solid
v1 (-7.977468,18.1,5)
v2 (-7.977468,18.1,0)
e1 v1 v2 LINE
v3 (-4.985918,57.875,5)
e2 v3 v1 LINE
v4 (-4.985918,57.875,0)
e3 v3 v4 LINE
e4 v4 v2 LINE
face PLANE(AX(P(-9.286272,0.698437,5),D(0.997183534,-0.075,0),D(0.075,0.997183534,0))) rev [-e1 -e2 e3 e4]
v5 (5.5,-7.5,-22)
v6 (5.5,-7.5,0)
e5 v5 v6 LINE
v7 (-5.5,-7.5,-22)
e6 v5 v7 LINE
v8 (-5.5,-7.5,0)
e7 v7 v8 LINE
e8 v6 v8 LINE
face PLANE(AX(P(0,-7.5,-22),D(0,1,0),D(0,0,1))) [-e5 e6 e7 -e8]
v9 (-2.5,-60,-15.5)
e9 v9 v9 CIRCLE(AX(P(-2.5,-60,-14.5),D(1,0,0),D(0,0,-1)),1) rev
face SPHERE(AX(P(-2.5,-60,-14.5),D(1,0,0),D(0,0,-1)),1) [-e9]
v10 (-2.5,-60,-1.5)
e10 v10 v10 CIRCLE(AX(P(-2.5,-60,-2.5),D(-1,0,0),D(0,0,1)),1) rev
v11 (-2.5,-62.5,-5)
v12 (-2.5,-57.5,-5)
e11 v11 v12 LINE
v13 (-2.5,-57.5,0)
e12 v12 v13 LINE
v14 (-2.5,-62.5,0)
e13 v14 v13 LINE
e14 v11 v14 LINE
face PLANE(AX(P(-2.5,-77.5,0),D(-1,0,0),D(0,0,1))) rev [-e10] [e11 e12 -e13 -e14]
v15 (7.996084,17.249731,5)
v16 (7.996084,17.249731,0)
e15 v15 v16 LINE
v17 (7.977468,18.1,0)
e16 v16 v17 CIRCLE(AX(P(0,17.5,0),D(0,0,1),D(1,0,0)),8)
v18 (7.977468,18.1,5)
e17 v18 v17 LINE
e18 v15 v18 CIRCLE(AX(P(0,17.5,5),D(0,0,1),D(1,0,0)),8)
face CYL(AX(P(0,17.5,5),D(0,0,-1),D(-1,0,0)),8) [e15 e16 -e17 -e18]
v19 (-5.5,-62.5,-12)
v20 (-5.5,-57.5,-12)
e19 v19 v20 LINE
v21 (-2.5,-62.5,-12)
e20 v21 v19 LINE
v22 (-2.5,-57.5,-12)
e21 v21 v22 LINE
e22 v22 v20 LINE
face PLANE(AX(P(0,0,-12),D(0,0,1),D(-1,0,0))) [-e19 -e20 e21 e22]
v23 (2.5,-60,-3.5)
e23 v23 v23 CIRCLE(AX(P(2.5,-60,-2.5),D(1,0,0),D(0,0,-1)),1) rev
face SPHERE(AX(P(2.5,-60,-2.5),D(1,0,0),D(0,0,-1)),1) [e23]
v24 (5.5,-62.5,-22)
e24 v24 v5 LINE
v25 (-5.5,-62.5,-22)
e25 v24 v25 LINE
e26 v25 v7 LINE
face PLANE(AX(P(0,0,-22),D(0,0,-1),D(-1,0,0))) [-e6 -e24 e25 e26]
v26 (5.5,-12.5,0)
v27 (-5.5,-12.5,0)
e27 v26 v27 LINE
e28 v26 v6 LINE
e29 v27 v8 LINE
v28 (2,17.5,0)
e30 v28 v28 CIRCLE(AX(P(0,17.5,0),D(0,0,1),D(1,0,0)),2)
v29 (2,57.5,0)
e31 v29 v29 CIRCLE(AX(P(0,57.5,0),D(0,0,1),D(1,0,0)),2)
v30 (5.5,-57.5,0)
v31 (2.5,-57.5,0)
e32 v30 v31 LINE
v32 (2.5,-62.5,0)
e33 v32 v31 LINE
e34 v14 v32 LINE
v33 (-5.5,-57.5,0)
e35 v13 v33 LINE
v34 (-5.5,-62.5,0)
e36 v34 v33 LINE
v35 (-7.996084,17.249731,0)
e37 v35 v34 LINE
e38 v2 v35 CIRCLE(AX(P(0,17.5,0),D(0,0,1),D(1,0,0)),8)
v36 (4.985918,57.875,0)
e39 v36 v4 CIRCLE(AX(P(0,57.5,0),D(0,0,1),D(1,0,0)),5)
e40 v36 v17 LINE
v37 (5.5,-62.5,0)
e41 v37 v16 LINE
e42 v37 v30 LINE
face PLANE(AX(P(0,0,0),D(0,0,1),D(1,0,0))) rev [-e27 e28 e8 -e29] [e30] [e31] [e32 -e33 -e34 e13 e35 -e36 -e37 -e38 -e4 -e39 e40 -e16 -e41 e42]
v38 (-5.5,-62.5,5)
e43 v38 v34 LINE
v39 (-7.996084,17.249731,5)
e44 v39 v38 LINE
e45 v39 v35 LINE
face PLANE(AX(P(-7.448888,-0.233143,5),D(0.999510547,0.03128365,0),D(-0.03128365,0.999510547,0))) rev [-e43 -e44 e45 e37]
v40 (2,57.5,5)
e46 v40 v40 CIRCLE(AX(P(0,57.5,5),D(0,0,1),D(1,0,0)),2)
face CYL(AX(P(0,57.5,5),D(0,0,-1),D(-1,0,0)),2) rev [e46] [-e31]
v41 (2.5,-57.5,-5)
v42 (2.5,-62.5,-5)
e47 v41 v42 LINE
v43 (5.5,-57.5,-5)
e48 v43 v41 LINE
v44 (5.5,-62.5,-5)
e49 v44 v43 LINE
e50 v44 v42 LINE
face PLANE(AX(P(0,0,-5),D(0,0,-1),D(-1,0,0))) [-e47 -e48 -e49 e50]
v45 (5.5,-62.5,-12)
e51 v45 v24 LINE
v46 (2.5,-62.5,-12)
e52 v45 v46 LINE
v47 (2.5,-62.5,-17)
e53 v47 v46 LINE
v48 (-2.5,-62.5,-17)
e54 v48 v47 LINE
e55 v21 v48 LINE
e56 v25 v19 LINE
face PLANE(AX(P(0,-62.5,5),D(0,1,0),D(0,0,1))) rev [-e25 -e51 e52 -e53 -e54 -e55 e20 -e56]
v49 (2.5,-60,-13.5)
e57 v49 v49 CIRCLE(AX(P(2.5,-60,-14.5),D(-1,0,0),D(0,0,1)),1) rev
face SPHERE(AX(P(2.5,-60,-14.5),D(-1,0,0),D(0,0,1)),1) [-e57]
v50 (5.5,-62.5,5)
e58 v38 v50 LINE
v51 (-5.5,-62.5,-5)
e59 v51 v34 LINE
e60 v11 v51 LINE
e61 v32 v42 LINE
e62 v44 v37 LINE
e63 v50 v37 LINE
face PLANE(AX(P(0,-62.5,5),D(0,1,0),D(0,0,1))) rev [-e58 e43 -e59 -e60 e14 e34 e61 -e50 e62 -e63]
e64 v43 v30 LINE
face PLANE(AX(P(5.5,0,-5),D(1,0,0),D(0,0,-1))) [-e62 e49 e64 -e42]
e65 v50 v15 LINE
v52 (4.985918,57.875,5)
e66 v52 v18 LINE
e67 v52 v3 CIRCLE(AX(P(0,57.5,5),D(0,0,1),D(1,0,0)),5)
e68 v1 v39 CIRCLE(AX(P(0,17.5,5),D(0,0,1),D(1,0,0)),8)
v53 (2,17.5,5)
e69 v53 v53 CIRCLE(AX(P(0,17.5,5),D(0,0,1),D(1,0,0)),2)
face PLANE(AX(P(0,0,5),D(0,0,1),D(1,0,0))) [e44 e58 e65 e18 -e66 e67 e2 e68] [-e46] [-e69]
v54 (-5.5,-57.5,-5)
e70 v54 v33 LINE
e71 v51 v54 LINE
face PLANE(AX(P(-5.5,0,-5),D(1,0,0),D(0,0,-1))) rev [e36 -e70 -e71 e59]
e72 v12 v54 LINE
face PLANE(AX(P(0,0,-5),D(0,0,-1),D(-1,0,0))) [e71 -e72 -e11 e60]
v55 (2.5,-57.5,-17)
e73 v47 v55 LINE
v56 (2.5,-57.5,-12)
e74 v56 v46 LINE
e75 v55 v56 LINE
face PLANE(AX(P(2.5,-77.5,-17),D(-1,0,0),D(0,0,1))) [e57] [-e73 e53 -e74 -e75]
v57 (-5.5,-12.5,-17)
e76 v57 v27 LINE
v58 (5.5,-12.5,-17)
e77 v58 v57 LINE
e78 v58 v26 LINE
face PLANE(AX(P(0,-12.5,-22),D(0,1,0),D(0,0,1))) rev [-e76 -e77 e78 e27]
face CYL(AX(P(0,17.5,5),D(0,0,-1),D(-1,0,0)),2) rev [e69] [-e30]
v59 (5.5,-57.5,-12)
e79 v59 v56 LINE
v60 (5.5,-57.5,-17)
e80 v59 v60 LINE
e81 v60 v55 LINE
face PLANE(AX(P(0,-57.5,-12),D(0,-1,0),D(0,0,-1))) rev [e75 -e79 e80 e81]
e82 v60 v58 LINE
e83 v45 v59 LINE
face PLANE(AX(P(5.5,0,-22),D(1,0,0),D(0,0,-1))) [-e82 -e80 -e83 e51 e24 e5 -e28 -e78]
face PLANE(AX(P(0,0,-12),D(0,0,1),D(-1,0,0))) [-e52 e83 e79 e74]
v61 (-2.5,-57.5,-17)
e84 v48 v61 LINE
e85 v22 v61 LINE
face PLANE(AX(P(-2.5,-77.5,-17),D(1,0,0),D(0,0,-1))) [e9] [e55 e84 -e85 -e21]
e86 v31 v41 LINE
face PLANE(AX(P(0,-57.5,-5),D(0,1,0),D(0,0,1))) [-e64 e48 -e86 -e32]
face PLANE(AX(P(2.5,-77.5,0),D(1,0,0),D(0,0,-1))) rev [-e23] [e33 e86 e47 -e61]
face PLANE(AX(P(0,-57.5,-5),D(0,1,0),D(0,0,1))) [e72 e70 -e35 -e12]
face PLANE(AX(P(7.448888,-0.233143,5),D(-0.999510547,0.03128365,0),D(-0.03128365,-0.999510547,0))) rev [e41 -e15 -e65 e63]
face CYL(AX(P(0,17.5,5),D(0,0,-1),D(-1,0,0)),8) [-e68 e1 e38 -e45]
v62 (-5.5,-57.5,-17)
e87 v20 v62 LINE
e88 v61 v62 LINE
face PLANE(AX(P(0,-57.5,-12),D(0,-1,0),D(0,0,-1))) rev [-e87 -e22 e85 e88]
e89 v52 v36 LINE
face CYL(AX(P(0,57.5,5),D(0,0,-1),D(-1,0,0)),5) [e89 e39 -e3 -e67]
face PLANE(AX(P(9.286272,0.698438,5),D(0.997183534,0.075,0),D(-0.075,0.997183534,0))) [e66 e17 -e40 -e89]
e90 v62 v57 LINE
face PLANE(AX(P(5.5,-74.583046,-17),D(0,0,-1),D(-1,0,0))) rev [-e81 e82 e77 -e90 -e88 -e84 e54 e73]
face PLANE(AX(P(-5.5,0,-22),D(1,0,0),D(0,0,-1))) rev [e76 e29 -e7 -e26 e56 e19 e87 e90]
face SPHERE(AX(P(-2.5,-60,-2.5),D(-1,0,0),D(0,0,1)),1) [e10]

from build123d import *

# Parameters (mm, degrees)
SKETCH1_R           = 2
SKETCH1_R_2         = 5
BOSS_EXTRUDE1_DEPTH = 5
SKETCH2_W           = 11
SKETCH2_H           = 5
BOSS_EXTRUDE2_DEPTH = 5
SKETCH2_3_W         = 5.5
SKETCH2_3_H         = 5
BOSS_EXTRUDE3_DEPTH = 22
SKETCH4_W           = 5
SKETCH4_H           = 5
CUT_EXTRUDE1_DEPTH  = 20
SKETCH6_W           = 11
SKETCH6_H           = 5
BOSS_EXTRUDE4_DEPTH = 50


with BuildPart() as part:
    # Sketch1 → Boss-Extrude1 (new body)
    with BuildSketch(Plane.XY):
        with BuildLine():
            ThreePointArc((7.996084375, 17.249730801), (0, 9.5), (-7.996084375, 17.249730801))
            Line((-7.996084375, 17.249730801), (-5.5, -62.5))
            Line((-5.5, -62.5), (5.5, -62.5))
            Line((5.5, -62.5), (7.996084375, 17.249730801))
        make_face()
        with BuildLine():
            ThreePointArc((7.97746827, 18.1), (0, 25.5), (-7.97746827, 18.1))
            ThreePointArc((-7.97746827, 18.1), (-7.998083236, 17.675112958), (-7.996084375, 17.249730801))
            ThreePointArc((-7.996084375, 17.249730801), (0, 9.5), (7.996084375, 17.249730801))
            ThreePointArc((7.996084375, 17.249730801), (7.999021034, 17.374850086), (8, 17.5))
            ThreePointArc((8, 17.5), (7.994365083, 17.800211458), (7.97746827, 18.1))
        make_face()
        with Locations((0, 17.5)):
            Circle(SKETCH1_R, mode=Mode.SUBTRACT)
        with BuildLine():
            ThreePointArc((5, 57.5), (-0.187632161, 52.503521823), (-4.985917669, 57.875))
            Line((-4.985917669, 57.875), (-7.97746827, 18.1))
            ThreePointArc((-7.97746827, 18.1), (0, 25.5), (7.97746827, 18.1))
            Line((7.97746827, 18.1), (4.985917669, 57.875))
            ThreePointArc((4.985917669, 57.875), (4.996478177, 57.687632161), (5, 57.5))
        make_face()
        with Locations((0, 57.5)):
            Circle(SKETCH1_R_2)
        with Locations((0, 57.5)):
            Circle(SKETCH1_R, mode=Mode.SUBTRACT)
    extrude(amount=BOSS_EXTRUDE1_DEPTH)

    # Sketch2 → Boss-Extrude2 (add)
    with BuildSketch(Plane(origin=(0, 0, 0), x_dir=(-1, 0, 0), z_dir=(0, 0, -1))):
        with Locations((0, -60)):
            Rectangle(SKETCH2_W, SKETCH2_H)
    boss_extrude2 = extrude(amount=BOSS_EXTRUDE2_DEPTH)

    # Sketch2<3> → Boss-Extrude3 (add)
    with BuildSketch(Plane(origin=(0, 0, 0), x_dir=(-1, 0, 0), z_dir=(0, 0, -1))):
        with Locations((-2.75, -10)):
            Rectangle(SKETCH2_3_W, SKETCH2_3_H)
        with Locations((2.75, -10)):
            Rectangle(SKETCH2_3_W, SKETCH2_3_H)
    extrude(amount=BOSS_EXTRUDE3_DEPTH)

    # Sketch4 → Cut-Extrude1 (cut)
    with BuildSketch(Plane(origin=(0, -57.5, 0), x_dir=(1, 0, 0), z_dir=(0, 1, 0))):
        with Locations((0, 2.5)):
            Rectangle(SKETCH4_W, SKETCH4_H)
    cut_extrude1 = extrude(amount=-CUT_EXTRUDE1_DEPTH, mode=Mode.SUBTRACT)

    # Sketch5 → Revolve1 (revolve)
    with BuildSketch(Plane.ZY.offset(-2.5)):
        with BuildLine():
            Line((-3.5, -60), (-1.5, -60))
            ThreePointArc((-1.5, -60), (-2.5, -61), (-3.5, -60))
        make_face()
    revolve1 = revolve(axis=Axis((2.5, -60, 0), (0, 0, -1)))

    # Mirror1: Revolve1 across plane
    add(revolve1.mirror(Plane(origin=(0, 0, 0), x_dir=(0, 0, 1), z_dir=(1, 0, 0))))

    # Sketch6 → Boss-Extrude4 (add)
    with BuildSketch(Plane(origin=(0, -12.5, 0), x_dir=(-1, 0, 0), z_dir=(0, -1, 0))):
        with Locations((0, 19.5)):
            Rectangle(SKETCH6_W, SKETCH6_H)
    extrude(amount=BOSS_EXTRUDE4_DEPTH)

    # Mirror2: Boss-Extrude2, Cut-Extrude1, Revolve1 across plane
    add(boss_extrude2.mirror(Plane(origin=(0, 0, -8.5), x_dir=(1, 0, 0), z_dir=(0, 0, -1))))
    add(cut_extrude1.mirror(Plane(origin=(0, 0, -8.5), x_dir=(1, 0, 0), z_dir=(0, 0, -1))), mode=Mode.SUBTRACT)
    add(revolve1.mirror(Plane(origin=(0, 0, -8.5), x_dir=(1, 0, 0), z_dir=(0, 0, -1))))

    # Mirror2 copy 1 sketch → Mirror2 copy 1 (revolve)
    with BuildSketch(Plane(origin=(-2.5, 0, -17), x_dir=(0, 0, -1), z_dir=(1, 0, 0))):
        with BuildLine():
            Line((-3.5, -60), (-1.5, -60))
            ThreePointArc((-1.5, -60), (-2.5, -61), (-3.5, -60))
        make_face()
    revolve(axis=Axis((-2.5, -60, -17), (0, 0, 1)))


solid = part.part
